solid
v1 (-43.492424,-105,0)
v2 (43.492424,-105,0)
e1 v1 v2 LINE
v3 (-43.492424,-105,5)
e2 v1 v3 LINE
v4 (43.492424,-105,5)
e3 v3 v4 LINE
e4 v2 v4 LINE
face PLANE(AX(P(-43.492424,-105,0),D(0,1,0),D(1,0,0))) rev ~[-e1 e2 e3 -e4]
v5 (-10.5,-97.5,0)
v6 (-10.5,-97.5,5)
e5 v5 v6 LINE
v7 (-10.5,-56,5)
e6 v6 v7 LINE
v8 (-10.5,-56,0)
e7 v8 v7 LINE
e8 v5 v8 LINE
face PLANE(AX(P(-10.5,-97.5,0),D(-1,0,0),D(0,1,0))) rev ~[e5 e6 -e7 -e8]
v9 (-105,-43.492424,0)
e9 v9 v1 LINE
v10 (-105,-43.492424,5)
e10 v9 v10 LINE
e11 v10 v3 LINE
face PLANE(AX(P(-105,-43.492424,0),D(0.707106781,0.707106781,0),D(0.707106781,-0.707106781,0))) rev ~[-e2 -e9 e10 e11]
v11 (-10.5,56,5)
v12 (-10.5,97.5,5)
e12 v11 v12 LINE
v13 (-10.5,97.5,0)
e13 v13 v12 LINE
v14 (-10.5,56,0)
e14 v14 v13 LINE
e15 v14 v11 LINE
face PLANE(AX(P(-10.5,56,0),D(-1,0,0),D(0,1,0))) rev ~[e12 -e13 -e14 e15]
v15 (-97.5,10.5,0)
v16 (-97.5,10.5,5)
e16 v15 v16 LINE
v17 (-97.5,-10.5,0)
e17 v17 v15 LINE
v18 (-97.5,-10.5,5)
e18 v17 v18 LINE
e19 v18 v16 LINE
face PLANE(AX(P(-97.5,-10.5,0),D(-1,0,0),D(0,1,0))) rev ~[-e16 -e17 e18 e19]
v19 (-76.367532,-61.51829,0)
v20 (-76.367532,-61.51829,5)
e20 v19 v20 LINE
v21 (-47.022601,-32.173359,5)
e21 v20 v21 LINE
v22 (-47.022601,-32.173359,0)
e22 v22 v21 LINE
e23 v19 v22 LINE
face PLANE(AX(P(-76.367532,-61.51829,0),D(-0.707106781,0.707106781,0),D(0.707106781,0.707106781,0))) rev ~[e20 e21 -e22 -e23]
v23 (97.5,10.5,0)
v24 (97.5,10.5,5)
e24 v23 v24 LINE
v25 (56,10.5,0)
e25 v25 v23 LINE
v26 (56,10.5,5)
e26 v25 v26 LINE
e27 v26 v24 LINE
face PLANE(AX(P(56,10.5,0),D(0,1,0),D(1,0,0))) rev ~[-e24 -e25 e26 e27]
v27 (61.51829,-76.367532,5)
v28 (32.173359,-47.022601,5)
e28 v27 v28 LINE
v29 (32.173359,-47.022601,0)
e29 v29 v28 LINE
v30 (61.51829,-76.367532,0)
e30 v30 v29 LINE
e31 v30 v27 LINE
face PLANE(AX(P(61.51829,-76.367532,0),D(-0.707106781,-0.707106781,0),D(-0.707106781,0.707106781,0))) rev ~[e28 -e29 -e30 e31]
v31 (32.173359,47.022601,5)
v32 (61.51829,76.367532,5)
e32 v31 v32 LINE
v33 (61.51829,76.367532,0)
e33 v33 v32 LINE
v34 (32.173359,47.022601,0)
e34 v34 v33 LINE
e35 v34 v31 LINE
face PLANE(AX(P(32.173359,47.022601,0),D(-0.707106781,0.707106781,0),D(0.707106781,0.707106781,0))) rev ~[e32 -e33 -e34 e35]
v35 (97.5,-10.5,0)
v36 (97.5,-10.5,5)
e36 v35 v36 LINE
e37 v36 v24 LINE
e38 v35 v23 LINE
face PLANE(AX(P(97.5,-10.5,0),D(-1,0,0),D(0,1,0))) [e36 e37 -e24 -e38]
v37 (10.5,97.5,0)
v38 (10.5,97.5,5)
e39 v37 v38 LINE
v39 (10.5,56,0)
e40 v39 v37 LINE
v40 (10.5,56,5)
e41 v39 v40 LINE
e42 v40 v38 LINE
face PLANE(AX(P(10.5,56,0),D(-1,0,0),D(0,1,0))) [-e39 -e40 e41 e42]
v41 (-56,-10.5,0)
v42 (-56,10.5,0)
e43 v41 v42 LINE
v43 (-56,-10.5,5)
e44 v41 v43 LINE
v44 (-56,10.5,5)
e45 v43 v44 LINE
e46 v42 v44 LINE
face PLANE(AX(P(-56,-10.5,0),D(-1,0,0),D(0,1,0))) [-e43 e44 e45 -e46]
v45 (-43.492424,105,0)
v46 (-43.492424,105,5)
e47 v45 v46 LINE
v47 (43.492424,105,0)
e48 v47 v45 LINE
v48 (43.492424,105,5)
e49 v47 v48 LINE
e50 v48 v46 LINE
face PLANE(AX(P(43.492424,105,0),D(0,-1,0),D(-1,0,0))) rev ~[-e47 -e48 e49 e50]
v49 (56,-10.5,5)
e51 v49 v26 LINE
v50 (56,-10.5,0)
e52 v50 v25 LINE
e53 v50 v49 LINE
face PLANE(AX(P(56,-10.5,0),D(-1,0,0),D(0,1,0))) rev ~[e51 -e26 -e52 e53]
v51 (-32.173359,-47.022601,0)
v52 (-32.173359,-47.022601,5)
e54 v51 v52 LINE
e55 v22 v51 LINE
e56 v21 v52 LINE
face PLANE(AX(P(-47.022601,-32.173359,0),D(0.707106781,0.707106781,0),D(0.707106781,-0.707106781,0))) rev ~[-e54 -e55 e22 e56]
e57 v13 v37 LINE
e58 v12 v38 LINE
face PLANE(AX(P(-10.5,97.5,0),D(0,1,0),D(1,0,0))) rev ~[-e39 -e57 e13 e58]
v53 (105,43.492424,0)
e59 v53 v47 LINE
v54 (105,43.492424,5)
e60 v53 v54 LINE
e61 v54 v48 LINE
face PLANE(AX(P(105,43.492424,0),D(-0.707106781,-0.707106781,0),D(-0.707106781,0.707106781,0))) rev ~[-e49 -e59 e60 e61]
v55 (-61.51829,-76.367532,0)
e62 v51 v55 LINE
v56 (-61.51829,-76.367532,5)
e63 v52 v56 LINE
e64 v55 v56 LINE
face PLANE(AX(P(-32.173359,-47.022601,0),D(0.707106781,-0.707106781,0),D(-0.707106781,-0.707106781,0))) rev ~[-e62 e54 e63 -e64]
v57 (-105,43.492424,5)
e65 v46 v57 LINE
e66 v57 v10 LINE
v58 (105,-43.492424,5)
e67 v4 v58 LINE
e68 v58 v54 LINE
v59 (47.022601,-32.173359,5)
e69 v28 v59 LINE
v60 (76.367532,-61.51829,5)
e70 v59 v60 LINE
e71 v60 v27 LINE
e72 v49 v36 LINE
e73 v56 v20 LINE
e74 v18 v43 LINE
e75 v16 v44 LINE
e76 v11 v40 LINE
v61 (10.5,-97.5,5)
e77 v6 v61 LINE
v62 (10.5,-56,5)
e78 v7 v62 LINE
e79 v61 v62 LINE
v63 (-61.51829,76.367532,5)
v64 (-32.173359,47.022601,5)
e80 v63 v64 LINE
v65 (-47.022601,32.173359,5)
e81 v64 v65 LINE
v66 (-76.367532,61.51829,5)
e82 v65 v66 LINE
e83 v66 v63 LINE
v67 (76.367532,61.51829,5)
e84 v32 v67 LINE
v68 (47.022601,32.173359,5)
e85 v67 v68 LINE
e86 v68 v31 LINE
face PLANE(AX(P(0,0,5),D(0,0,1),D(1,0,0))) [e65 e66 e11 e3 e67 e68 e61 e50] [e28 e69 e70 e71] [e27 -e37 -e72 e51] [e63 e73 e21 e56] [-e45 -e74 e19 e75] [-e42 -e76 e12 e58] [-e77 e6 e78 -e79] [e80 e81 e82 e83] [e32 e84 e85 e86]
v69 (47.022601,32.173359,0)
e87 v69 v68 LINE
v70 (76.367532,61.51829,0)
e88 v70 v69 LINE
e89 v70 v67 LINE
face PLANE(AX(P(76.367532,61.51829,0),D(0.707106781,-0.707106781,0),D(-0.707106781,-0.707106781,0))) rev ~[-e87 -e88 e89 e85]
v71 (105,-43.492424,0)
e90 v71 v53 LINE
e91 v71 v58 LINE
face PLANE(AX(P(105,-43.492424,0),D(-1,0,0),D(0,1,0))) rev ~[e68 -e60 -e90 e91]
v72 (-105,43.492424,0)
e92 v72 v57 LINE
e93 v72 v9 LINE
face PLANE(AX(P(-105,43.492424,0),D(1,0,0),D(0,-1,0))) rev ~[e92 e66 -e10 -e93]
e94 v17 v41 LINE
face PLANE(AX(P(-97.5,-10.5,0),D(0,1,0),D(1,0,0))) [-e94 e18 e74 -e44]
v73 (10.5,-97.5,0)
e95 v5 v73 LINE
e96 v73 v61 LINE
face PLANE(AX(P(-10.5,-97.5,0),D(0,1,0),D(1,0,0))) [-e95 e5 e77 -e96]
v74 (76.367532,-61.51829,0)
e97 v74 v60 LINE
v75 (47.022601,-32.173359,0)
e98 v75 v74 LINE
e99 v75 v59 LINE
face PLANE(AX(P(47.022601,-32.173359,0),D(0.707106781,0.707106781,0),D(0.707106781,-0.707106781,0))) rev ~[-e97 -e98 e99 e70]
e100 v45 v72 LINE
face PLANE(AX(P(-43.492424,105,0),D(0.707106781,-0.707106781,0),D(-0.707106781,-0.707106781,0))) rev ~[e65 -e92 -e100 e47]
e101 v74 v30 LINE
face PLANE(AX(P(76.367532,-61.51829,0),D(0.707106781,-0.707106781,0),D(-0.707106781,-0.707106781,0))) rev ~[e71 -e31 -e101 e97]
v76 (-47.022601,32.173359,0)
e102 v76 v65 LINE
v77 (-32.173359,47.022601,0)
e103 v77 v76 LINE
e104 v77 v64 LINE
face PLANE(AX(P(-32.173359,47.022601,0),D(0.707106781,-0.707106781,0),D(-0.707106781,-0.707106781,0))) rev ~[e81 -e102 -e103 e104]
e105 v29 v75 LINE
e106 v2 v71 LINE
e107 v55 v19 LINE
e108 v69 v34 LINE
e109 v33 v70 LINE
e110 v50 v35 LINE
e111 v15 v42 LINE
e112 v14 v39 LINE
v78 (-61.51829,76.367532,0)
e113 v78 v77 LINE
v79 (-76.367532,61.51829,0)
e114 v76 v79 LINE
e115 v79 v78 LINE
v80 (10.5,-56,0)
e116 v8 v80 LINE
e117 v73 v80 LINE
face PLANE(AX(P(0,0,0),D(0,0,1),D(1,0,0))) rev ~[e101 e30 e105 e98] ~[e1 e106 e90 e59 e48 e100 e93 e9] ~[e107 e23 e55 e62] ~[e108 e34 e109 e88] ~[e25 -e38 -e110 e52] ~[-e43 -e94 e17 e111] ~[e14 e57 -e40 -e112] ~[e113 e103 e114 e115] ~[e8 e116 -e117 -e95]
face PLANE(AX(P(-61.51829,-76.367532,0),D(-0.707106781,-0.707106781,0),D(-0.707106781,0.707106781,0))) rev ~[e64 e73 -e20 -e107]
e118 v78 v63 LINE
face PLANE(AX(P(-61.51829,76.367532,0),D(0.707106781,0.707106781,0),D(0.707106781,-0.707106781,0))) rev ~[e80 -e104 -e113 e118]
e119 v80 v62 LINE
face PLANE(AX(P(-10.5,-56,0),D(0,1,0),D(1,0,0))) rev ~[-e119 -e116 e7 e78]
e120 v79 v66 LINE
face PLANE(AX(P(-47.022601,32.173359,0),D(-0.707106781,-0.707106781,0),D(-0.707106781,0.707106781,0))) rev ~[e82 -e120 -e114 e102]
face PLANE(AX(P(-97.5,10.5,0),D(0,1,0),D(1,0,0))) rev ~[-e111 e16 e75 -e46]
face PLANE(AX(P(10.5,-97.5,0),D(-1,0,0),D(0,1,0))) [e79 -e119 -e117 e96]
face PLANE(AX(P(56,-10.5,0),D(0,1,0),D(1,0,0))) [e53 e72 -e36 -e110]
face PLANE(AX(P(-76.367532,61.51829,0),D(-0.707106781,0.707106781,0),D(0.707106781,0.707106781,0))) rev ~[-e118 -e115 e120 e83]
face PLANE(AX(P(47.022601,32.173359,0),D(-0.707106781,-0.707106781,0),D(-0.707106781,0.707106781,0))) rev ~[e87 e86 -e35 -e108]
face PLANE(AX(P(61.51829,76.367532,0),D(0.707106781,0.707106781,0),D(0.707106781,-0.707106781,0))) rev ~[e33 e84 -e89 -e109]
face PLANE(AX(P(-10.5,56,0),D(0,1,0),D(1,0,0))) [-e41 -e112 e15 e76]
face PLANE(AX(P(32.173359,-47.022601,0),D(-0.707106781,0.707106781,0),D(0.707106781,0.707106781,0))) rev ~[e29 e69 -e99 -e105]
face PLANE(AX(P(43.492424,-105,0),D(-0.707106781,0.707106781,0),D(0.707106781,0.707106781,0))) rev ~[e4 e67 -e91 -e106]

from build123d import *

# Parameters (mm, degrees)
SKETCH1_W           = 41.5
SKETCH1_H           = 21
SKETCH1_W_2         = 21
SKETCH1_H_2         = 41.5
BOSS_EXTRUDE1_DEPTH = 5


with BuildPart() as part:
    # Sketch1 → Boss-Extrude1 (new body)
    with BuildSketch(Plane.XY):
        Polygon((105, 43.492424049), (43.492424049, 105), (-43.492424049, 105), (-105, 43.492424049), (-105, -43.492424049), (-43.492424049, -105), (43.492424049, -105), (105, -43.492424049), align=None)
        Polygon((47.022600949, -32.173358544), (76.367532368, -61.518289963), (61.518289963, -76.367532368), (32.173358544, -47.022600949), align=None, mode=Mode.SUBTRACT)
        with Locations((76.75, 0)):
            Rectangle(SKETCH1_W, SKETCH1_H, mode=Mode.SUBTRACT)
        with Locations((0, -76.75)):
            Rectangle(SKETCH1_W_2, SKETCH1_H_2, mode=Mode.SUBTRACT)
        Polygon((-32.173358544, -47.022600949), (-61.518289963, -76.367532368), (-76.367532368, -61.518289963), (-47.022600949, -32.173358544), align=None, mode=Mode.SUBTRACT)
        with Locations((-76.75, 0)):
            Rectangle(SKETCH1_W, SKETCH1_H, mode=Mode.SUBTRACT)
        Polygon((-47.022600949, 32.173358544), (-76.367532368, 61.518289963), (-61.518289963, 76.367532368), (-32.173358544, 47.022600949), align=None, mode=Mode.SUBTRACT)
        with Locations((0, 76.75)):
            Rectangle(SKETCH1_W_2, SKETCH1_H_2, mode=Mode.SUBTRACT)
        Polygon((32.173358544, 47.022600949), (61.518289963, 76.367532368), (76.367532368, 61.518289963), (47.022600949, 32.173358544), align=None, mode=Mode.SUBTRACT)
    extrude(amount=BOSS_EXTRUDE1_DEPTH)


solid = part.part
